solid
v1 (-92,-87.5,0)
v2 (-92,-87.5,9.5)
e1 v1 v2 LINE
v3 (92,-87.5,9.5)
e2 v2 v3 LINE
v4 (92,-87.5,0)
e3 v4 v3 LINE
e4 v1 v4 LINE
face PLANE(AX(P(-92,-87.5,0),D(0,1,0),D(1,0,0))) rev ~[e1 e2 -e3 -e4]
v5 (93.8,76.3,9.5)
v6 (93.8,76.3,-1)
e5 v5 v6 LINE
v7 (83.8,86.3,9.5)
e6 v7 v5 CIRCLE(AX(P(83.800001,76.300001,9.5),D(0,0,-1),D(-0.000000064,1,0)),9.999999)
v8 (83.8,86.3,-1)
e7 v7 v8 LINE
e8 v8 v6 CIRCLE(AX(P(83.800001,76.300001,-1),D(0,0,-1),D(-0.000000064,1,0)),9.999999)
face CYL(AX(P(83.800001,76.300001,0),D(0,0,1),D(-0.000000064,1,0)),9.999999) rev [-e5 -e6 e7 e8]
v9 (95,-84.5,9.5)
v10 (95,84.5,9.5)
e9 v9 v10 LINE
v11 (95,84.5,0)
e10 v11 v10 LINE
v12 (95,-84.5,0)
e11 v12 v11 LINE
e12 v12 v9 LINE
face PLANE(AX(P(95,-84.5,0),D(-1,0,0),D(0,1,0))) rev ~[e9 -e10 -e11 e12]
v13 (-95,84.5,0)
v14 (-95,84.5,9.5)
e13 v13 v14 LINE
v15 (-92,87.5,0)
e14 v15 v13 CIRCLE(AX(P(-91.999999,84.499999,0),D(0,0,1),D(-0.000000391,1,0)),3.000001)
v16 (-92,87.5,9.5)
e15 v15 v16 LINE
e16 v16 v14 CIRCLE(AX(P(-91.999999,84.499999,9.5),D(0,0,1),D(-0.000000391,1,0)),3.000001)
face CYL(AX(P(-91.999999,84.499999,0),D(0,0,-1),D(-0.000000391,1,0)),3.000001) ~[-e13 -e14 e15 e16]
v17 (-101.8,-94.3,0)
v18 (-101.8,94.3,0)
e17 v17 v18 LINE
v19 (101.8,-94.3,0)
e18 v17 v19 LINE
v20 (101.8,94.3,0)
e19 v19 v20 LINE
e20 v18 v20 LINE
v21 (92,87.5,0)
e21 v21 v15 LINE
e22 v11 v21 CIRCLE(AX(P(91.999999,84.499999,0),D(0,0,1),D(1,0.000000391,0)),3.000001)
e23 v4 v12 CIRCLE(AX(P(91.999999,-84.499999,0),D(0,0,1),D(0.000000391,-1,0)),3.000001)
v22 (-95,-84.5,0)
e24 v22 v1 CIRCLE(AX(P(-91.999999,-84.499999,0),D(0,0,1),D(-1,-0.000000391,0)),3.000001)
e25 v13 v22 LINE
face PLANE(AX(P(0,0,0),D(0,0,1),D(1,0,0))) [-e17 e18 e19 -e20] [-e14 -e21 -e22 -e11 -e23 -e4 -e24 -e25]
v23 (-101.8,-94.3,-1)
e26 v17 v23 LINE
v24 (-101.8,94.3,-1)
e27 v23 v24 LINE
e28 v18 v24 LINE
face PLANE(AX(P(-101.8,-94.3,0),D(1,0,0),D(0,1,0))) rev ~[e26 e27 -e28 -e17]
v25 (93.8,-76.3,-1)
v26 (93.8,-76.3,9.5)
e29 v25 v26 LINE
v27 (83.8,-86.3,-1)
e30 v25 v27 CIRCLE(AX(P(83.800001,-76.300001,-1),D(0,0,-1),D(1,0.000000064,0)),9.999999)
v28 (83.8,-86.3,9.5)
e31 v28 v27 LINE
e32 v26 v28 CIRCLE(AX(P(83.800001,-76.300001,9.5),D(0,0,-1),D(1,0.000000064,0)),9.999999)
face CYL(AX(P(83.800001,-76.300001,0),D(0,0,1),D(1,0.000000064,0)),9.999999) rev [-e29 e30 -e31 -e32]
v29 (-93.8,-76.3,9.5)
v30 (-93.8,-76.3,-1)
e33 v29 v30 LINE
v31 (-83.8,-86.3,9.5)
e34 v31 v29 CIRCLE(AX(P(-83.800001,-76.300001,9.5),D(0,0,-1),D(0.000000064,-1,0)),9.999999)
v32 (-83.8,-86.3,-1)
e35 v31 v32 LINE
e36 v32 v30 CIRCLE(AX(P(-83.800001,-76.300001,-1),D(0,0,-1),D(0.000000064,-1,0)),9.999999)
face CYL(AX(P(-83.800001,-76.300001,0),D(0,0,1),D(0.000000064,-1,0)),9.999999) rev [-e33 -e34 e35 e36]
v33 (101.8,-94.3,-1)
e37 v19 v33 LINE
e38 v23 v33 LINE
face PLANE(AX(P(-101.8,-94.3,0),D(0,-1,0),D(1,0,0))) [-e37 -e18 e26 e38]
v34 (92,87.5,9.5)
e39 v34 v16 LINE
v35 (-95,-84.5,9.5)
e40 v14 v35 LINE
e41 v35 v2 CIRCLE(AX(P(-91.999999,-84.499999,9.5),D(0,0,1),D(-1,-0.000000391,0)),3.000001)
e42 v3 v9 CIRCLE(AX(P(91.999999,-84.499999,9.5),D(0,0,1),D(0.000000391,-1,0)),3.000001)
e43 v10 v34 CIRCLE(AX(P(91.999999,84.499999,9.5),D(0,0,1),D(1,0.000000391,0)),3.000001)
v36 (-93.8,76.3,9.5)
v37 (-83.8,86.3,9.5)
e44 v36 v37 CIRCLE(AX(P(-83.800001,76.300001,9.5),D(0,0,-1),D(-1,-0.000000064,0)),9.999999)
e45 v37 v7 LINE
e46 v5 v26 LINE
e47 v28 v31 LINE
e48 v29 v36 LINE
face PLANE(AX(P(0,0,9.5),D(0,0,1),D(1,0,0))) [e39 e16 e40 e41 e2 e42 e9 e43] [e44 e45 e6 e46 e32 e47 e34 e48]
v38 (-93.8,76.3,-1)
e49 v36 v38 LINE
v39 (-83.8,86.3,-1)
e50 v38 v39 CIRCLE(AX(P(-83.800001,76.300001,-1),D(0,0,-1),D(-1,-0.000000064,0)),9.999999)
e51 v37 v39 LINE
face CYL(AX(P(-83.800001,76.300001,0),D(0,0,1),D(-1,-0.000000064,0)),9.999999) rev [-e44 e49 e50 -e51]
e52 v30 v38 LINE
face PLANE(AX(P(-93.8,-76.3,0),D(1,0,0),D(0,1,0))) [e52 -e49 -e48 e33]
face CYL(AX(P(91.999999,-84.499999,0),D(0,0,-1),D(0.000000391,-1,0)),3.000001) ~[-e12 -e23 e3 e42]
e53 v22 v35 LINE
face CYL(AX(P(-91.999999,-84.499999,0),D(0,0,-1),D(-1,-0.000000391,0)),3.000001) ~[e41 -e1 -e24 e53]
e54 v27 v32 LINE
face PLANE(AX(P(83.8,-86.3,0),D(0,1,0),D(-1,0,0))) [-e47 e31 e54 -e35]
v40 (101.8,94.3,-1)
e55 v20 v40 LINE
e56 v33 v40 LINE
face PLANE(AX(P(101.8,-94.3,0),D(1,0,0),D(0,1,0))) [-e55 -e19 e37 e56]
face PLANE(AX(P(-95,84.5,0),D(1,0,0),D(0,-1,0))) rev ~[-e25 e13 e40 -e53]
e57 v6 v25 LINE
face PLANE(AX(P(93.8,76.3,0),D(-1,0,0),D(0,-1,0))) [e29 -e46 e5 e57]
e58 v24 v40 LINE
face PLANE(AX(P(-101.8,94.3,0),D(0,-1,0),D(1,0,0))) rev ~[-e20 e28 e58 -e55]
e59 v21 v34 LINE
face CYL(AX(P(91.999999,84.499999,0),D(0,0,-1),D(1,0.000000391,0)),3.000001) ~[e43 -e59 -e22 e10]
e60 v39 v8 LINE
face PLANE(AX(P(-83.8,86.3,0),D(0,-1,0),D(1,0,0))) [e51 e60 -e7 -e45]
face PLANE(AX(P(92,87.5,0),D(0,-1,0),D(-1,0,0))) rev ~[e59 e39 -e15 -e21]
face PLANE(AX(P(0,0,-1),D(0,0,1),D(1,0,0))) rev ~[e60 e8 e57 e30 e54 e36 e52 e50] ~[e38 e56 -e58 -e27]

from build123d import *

# Parameters (mm, degrees)
F1_DEPTH = 9.5
F0_W     = 203.6
F0_H     = 188.6
F2_DEPTH = 1


with BuildPart() as f1:
    # F0 (on Top) → F1 (new body)
    with BuildSketch(Plane.XY):
        with BuildLine():
            Line((-92, -87.5), (92, -87.5))
            ThreePointArc((92, -87.5), (94.12132, -86.62132), (95, -84.5))
            Line((95, -84.5), (95, 84.5))
            ThreePointArc((95, 84.5), (94.12132, 86.62132), (92, 87.5))
            Line((92, 87.5), (-92, 87.5))
            ThreePointArc((-92, 87.5), (-94.12132, 86.62132), (-95, 84.5))
            Line((-95, 84.5), (-95, -84.5))
            ThreePointArc((-95, -84.5), (-94.12132, -86.62132), (-92, -87.5))
        make_face()
        with BuildLine():
            ThreePointArc((93.8, -76.3), (90.871068, -83.371068), (83.8, -86.3))
            Line((83.8, -86.3), (-83.8, -86.3))
            ThreePointArc((-83.8, -86.3), (-90.871068, -83.371068), (-93.8, -76.3))
            Line((-93.8, -76.3), (-93.8, 76.3))
            ThreePointArc((-93.8, 76.3), (-90.871068, 83.371068), (-83.8, 86.3))
            Line((-83.8, 86.3), (83.8, 86.3))
            ThreePointArc((83.8, 86.3), (90.871068, 83.371068), (93.8, 76.3))
            Line((93.8, 76.3), (93.8, -76.3))
        make_face(mode=Mode.SUBTRACT)
    extrude(amount=F1_DEPTH)

    # F0 (on Top) → F2 (join)
    with BuildSketch(Plane.XY):
        Rectangle(F0_W, F0_H)
        with BuildLine():
            ThreePointArc((95, -84.5), (94.12132, -86.62132), (92, -87.5))
            Line((92, -87.5), (-92, -87.5))
            ThreePointArc((-92, -87.5), (-94.12132, -86.62132), (-95, -84.5))
            Line((-95, -84.5), (-95, 84.5))
            ThreePointArc((-95, 84.5), (-94.12132, 86.62132), (-92, 87.5))
            Line((-92, 87.5), (92, 87.5))
            ThreePointArc((92, 87.5), (94.12132, 86.62132), (95, 84.5))
            Line((95, 84.5), (95, -84.5))
        make_face(mode=Mode.SUBTRACT)
        with BuildLine():
            Line((-92, -87.5), (92, -87.5))
            ThreePointArc((92, -87.5), (94.12132, -86.62132), (95, -84.5))
            Line((95, -84.5), (95, 84.5))
            ThreePointArc((95, 84.5), (94.12132, 86.62132), (92, 87.5))
            Line((92, 87.5), (-92, 87.5))
            ThreePointArc((-92, 87.5), (-94.12132, 86.62132), (-95, 84.5))
            Line((-95, 84.5), (-95, -84.5))
            ThreePointArc((-95, -84.5), (-94.12132, -86.62132), (-92, -87.5))
        make_face()
        with BuildLine():
            ThreePointArc((93.8, -76.3), (90.871068, -83.371068), (83.8, -86.3))
            Line((83.8, -86.3), (-83.8, -86.3))
            ThreePointArc((-83.8, -86.3), (-90.871068, -83.371068), (-93.8, -76.3))
            Line((-93.8, -76.3), (-93.8, 76.3))
            ThreePointArc((-93.8, 76.3), (-90.871068, 83.371068), (-83.8, 86.3))
            Line((-83.8, 86.3), (83.8, 86.3))
            ThreePointArc((83.8, 86.3), (90.871068, 83.371068), (93.8, 76.3))
            Line((93.8, 76.3), (93.8, -76.3))
        make_face(mode=Mode.SUBTRACT)
    extrude(amount=-F2_DEPTH)


solid = f1.part
